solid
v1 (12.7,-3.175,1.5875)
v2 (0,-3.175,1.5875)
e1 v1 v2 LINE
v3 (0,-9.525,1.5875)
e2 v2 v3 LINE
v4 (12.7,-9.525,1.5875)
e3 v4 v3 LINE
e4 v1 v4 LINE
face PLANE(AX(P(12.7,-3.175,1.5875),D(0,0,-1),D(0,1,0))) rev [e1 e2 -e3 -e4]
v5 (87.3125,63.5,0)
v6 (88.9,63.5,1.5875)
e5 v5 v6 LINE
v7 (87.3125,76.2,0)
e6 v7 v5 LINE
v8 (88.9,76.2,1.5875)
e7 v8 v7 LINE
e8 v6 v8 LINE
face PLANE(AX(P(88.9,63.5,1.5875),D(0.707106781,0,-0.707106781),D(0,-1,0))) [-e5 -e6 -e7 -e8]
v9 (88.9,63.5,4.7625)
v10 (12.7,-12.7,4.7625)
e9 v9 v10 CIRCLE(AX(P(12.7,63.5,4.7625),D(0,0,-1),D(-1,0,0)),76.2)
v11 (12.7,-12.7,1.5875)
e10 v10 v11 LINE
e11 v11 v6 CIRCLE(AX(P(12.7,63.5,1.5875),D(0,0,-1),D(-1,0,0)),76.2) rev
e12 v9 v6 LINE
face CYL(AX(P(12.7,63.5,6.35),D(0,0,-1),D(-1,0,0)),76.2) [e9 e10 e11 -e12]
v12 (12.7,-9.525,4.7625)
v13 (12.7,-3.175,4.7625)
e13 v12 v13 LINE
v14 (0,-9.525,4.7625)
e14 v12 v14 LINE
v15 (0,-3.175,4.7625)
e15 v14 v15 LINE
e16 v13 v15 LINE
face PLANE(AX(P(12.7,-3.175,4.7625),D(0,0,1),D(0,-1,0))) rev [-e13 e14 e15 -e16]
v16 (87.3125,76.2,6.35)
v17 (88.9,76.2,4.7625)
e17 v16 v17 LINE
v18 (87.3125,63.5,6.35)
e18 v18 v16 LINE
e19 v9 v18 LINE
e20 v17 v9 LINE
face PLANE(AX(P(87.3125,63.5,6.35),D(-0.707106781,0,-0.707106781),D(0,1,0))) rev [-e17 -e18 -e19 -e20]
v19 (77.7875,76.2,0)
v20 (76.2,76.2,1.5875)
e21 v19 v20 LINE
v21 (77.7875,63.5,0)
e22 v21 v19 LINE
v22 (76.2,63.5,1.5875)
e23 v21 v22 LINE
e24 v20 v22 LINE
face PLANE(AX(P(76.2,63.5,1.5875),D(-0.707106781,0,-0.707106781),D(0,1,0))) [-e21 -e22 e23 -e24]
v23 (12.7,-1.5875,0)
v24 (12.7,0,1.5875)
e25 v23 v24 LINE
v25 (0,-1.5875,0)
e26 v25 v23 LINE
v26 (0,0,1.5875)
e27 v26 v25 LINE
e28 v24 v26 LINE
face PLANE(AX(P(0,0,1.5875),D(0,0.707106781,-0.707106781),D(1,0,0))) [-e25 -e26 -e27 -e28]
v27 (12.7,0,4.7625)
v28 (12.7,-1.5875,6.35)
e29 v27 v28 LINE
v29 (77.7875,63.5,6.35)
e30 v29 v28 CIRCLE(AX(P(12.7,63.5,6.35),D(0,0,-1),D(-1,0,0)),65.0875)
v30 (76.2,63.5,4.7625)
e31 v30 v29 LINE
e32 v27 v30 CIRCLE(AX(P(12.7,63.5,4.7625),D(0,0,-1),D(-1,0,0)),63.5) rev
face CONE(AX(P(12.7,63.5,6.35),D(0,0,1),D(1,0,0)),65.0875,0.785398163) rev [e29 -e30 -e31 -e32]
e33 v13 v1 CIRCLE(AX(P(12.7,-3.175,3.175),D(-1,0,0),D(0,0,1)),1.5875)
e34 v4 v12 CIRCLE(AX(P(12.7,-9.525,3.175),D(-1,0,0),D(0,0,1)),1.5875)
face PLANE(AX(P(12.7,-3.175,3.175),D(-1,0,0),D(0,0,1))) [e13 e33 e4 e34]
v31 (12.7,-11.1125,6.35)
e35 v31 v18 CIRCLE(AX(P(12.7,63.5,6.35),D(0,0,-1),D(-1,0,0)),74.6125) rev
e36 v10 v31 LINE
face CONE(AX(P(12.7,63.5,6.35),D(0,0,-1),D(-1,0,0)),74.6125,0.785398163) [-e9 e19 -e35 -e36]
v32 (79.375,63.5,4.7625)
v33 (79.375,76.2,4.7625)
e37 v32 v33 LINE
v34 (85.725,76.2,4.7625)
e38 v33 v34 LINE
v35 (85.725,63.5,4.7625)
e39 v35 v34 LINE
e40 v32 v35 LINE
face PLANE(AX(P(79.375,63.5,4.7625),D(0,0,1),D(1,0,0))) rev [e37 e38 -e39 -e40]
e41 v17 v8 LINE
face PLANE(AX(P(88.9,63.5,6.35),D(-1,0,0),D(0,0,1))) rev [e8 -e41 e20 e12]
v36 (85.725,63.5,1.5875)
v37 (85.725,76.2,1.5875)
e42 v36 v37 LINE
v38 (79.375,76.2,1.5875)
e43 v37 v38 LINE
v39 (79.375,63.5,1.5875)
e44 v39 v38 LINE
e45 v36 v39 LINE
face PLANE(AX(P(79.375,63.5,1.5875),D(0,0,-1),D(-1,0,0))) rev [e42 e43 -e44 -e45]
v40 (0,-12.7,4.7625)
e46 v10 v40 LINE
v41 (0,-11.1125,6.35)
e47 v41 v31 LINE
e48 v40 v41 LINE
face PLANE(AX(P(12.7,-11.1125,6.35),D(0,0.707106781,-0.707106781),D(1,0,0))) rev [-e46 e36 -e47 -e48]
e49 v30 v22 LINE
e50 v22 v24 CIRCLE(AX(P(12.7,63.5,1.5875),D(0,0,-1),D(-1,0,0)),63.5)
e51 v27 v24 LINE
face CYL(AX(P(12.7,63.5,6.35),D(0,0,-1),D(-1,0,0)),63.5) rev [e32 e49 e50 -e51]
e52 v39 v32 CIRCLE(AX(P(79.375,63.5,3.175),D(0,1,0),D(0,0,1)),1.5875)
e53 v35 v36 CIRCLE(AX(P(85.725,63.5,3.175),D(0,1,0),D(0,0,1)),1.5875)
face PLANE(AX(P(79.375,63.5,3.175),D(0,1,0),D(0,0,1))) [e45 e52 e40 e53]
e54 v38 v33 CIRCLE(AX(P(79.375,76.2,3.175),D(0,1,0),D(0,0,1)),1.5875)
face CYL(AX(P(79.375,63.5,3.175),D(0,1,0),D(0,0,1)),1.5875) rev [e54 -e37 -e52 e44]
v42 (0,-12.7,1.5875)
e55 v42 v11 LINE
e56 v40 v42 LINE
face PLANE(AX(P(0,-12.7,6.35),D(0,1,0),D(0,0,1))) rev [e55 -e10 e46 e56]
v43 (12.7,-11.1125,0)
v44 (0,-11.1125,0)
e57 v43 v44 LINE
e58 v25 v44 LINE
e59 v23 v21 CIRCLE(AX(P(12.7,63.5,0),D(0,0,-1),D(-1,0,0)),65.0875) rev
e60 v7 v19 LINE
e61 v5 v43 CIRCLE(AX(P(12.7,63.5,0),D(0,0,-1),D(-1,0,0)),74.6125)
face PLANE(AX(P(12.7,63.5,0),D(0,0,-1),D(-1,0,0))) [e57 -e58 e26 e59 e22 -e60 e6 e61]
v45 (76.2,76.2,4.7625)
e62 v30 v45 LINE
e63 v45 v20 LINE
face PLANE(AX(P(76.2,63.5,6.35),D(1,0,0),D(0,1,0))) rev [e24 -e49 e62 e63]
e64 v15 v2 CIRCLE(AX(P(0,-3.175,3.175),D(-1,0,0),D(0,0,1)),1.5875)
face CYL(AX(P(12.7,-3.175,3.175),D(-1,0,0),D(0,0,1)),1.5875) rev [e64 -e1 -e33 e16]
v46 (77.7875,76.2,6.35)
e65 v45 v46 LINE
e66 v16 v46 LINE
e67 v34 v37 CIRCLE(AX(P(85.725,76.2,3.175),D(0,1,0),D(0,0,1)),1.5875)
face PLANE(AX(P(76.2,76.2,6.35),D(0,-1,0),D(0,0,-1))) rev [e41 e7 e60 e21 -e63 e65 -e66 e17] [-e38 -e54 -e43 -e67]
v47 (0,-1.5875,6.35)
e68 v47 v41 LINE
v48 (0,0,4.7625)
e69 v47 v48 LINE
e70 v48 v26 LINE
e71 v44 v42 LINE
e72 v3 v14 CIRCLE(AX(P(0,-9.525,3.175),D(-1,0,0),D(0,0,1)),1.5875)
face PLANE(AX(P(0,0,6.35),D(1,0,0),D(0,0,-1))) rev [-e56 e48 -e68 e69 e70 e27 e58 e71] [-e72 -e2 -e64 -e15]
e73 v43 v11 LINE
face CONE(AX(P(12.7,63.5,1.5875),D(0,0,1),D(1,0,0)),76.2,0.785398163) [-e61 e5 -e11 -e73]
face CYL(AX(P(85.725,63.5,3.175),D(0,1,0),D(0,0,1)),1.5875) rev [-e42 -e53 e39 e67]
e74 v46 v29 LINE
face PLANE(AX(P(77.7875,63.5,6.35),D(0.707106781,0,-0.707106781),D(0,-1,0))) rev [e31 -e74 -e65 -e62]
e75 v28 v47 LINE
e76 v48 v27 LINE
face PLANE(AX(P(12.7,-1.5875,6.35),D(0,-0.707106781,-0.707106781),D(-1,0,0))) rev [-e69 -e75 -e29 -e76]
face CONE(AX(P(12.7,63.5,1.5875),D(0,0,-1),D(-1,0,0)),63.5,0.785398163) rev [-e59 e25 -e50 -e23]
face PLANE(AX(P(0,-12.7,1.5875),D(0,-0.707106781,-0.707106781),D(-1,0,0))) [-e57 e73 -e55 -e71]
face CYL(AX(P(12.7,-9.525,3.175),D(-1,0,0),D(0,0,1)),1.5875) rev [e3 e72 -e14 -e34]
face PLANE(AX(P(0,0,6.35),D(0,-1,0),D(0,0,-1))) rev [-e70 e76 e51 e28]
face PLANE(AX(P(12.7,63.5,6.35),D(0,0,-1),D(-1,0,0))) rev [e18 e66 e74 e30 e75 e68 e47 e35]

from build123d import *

# Parameters (mm, degrees)
BOSS_EXTRUDE1_DEPTH = 6.35
CUT_EXTRUDE2_DEPTH  = 12.7
CUT_EXTRUDE3_DEPTH  = 12.7
CHAMFER2_SIZE       = 1.5875


with BuildPart() as part:
    # Sketch1 → Boss-Extrude1 (new body)
    with BuildSketch(Plane.XY):
        with BuildLine():
            Line((0, 0), (12.7, 0))
            ThreePointArc((12.7, 0), (57.601280605, 18.598719395), (76.2, 63.5))
            Line((76.2, 63.5), (76.2, 76.2))
            Line((76.2, 76.2), (88.9, 76.2))
            Line((88.9, 76.2), (88.9, 63.5))
            ThreePointArc((88.9, 63.5), (66.581536726, 9.618463274), (12.7, -12.7))
            Line((12.7, -12.7), (0, -12.7))
            Line((0, -12.7), (0, 0))
        make_face()
    extrude(amount=BOSS_EXTRUDE1_DEPTH)

    # Sketch2 → Cut-Extrude2 (cut)
    with BuildSketch(Plane(origin=(0, 76.2, 0), x_dir=(1, 0, 0), z_dir=(0, 1, 0))):
        with BuildLine():
            Line((79.375, -1.5875), (85.725, -1.5875))
            ThreePointArc((85.725, -1.5875), (87.3125, -3.175), (85.725, -4.7625))
            Line((85.725, -4.7625), (79.375, -4.7625))
            ThreePointArc((79.375, -4.7625), (77.7875, -3.175), (79.375, -1.5875))
        make_face()
    extrude(amount=-CUT_EXTRUDE2_DEPTH, mode=Mode.SUBTRACT)

    # Sketch4 → Cut-Extrude3 (cut)
    with BuildSketch(Plane.ZY):
        with BuildLine():
            Line((4.7625, -3.175), (4.7625, -9.525))
            ThreePointArc((4.7625, -9.525), (3.175, -11.1125), (1.5875, -9.525))
            Line((1.5875, -9.525), (1.5875, -3.175))
            ThreePointArc((1.5875, -3.175), (3.175, -1.5875), (4.7625, -3.175))
        make_face()
    extrude(amount=-CUT_EXTRUDE3_DEPTH, mode=Mode.SUBTRACT)

    # Chamfer2
    chamfer2_edges = [part.edges().sort_by_distance(p)[0] for p in [
        (66.581536726, 9.618463274, 6.35),
        (6.35, -12.7, 0),
        (88.9, 69.85, 6.35),
        (76.2, 69.85, 6.35),
        (57.601280605, 18.598719395, 6.35),
        (6.35, 0, 6.35),
        (6.35, -12.7, 6.35),
        (6.35, 0, 0),
        (57.601280605, 18.598719395, 0),
        (76.2, 69.85, 0),
        (88.9, 69.85, 0),
        (66.581536726, 9.618463274, 0),
    ]]
    chamfer(chamfer2_edges, length=CHAMFER2_SIZE)


solid = part.part
